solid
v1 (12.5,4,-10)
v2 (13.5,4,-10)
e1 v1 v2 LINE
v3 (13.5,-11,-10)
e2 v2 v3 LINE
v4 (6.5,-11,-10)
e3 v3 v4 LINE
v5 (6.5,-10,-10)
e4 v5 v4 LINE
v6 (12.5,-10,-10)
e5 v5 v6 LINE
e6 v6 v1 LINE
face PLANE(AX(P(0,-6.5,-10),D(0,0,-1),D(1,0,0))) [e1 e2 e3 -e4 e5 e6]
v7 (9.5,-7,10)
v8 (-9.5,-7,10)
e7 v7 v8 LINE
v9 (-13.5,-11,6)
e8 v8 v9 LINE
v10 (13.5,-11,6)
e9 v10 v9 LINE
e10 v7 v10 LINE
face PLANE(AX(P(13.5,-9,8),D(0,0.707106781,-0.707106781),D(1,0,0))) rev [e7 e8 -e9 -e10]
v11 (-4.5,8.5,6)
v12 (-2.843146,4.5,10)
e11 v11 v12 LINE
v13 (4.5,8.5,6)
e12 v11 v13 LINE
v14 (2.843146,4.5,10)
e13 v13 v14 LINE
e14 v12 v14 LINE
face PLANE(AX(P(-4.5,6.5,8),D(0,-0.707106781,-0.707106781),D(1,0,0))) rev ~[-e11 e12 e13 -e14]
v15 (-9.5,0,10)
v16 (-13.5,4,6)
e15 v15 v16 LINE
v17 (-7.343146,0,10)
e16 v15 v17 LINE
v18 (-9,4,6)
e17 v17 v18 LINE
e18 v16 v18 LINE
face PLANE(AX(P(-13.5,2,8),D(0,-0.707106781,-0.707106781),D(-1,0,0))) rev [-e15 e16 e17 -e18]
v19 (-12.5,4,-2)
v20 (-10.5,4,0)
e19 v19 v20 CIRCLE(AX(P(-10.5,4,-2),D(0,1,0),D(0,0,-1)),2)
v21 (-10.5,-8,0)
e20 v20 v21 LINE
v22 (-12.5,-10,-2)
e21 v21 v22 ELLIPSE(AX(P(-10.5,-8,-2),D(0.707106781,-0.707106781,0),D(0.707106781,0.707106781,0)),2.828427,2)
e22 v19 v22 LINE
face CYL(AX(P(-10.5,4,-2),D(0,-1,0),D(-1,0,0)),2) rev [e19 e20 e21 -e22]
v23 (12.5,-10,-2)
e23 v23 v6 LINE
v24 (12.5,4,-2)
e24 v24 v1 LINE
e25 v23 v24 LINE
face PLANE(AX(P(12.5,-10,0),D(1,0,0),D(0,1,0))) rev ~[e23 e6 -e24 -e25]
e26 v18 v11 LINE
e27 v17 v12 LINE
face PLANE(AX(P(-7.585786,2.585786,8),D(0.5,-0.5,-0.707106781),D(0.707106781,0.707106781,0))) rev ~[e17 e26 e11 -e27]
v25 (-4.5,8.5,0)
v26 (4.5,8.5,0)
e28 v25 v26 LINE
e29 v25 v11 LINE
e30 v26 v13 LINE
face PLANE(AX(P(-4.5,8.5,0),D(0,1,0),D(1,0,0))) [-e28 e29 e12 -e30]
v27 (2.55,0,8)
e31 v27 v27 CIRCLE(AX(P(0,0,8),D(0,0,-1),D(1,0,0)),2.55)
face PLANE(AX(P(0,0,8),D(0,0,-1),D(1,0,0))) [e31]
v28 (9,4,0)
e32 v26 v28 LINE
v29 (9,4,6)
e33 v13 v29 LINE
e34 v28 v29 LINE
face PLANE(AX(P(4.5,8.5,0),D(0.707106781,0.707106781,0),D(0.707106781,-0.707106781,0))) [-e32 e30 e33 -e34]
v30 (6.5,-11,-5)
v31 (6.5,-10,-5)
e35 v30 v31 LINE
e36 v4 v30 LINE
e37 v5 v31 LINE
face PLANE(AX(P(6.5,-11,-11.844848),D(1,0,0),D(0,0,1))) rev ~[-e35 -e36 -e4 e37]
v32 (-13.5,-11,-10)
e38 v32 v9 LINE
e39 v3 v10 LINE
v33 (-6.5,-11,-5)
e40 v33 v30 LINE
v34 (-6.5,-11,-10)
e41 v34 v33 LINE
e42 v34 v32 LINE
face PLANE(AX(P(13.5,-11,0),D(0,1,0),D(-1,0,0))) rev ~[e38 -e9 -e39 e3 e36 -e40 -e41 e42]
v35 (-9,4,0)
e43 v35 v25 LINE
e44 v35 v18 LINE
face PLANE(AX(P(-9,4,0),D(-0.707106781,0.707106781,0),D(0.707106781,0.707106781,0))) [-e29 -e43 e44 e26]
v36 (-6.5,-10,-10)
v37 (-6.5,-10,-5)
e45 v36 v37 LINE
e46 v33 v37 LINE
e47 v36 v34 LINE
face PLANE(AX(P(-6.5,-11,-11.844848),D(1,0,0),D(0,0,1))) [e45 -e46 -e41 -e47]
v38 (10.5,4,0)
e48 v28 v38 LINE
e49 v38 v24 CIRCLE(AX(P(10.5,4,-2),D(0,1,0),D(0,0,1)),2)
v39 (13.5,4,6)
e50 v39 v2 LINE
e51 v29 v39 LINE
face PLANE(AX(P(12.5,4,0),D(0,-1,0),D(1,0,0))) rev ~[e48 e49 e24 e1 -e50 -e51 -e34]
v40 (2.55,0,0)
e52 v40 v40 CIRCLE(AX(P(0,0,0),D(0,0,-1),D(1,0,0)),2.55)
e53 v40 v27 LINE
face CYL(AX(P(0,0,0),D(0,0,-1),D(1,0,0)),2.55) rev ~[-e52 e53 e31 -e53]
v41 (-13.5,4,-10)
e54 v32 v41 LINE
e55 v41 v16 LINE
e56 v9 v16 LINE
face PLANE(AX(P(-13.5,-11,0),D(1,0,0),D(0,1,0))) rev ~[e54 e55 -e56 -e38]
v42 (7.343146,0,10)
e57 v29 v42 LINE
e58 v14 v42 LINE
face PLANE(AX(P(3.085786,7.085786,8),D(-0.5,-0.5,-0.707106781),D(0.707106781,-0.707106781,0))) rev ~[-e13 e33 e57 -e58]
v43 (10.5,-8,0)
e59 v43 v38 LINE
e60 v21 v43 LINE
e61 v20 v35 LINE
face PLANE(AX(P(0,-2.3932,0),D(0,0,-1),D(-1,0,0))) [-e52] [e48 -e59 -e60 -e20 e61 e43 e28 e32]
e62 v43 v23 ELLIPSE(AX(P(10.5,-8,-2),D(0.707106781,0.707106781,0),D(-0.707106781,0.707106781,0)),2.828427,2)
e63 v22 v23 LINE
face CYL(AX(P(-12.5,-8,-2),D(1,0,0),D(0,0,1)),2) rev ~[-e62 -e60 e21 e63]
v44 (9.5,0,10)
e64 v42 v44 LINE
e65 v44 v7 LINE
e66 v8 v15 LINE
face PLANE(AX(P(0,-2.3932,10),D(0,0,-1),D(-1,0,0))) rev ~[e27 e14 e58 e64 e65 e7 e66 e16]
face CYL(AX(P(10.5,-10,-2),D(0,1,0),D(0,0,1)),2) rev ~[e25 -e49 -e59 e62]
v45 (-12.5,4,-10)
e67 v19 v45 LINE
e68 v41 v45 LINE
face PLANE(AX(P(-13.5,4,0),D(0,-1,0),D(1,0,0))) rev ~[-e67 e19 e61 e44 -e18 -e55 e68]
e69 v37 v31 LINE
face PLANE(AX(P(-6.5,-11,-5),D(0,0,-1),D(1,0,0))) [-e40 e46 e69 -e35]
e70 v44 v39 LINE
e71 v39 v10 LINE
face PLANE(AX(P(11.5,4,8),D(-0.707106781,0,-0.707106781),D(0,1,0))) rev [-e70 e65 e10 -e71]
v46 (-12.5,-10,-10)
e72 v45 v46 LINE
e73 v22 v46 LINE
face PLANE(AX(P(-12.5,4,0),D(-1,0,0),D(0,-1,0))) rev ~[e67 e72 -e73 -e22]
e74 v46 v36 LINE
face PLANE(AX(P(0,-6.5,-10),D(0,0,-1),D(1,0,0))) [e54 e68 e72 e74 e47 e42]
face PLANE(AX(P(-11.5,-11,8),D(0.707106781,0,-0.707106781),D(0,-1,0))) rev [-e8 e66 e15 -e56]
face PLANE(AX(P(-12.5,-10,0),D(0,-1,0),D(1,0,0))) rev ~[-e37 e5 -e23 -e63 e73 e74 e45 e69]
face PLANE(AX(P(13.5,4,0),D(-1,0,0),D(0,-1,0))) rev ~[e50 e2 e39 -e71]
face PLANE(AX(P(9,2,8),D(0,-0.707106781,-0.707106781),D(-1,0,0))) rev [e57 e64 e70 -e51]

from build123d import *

# Parameters (mm, degrees)
PAD_DEPTH       = 10
SKETCH001_R     = 2.55
POCKET_DEPTH    = 8
CHAMFER_SIZE    = 4
PAD001_DEPTH    = 10
SKETCH003_W     = 13
SKETCH003_H     = 6.844848
POCKET001_DEPTH = 19.501
FILLET_R        = 2


with BuildPart() as part:
    # Sketch → Pad (new body)
    with BuildSketch(Plane.XY):
        Polygon((-4.5, 8.5), (4.5, 8.5), (9, 4), (13.5, 4), (13.5, -11), (-13.5, -11), (-13.5, 4), (-9, 4), align=None)
    extrude(amount=PAD_DEPTH)

    # Sketch001 → Pocket (cut)
    with BuildSketch(Plane(origin=(0, 0, 0), x_dir=(1, 0, 0), z_dir=(0, 0, -1))):
        Circle(SKETCH001_R)
    extrude(amount=-POCKET_DEPTH, mode=Mode.SUBTRACT)

    # Chamfer
    chamfer_edges = [part.edges().sort_by_distance(p)[0] for p in [
        (0, 8.5, 10),
        (6.75, 6.25, 10),
        (11.25, 4, 10),
        (13.5, -3.5, 10),
        (0, -11, 10),
        (-13.5, -3.5, 10),
        (-11.25, 4, 10),
        (-6.75, 6.25, 10),
    ]]
    chamfer(chamfer_edges, length=CHAMFER_SIZE)

    # Sketch002 → Pad001 (new body)
    with BuildSketch(Plane(origin=(0, 0, 0), x_dir=(1, 0, 0), z_dir=(0, 0, -1))):
        Polygon((-13.5, -4), (-12.5, -4), (-12.5, 10), (12.5, 10), (12.5, -4), (13.5, -4), (13.5, 11), (-13.5, 11), align=None)
    extrude(amount=PAD001_DEPTH)

    # Sketch003 → Pocket001 (cut, through all)
    with BuildSketch(Plane.XZ.offset(11)):
        with Locations((0, -8.422424)):
            Rectangle(SKETCH003_W, SKETCH003_H)
    extrude(amount=-POCKET001_DEPTH, mode=Mode.SUBTRACT)

    # Fillet
    fillet_edges = [part.edges().sort_by_distance(p)[0] for p in [
        (12.5, -3, 0),
        (0, -10, 0),
        (-12.5, -3, 0),
    ]]
    fillet(fillet_edges, radius=FILLET_R)


solid = part.part
